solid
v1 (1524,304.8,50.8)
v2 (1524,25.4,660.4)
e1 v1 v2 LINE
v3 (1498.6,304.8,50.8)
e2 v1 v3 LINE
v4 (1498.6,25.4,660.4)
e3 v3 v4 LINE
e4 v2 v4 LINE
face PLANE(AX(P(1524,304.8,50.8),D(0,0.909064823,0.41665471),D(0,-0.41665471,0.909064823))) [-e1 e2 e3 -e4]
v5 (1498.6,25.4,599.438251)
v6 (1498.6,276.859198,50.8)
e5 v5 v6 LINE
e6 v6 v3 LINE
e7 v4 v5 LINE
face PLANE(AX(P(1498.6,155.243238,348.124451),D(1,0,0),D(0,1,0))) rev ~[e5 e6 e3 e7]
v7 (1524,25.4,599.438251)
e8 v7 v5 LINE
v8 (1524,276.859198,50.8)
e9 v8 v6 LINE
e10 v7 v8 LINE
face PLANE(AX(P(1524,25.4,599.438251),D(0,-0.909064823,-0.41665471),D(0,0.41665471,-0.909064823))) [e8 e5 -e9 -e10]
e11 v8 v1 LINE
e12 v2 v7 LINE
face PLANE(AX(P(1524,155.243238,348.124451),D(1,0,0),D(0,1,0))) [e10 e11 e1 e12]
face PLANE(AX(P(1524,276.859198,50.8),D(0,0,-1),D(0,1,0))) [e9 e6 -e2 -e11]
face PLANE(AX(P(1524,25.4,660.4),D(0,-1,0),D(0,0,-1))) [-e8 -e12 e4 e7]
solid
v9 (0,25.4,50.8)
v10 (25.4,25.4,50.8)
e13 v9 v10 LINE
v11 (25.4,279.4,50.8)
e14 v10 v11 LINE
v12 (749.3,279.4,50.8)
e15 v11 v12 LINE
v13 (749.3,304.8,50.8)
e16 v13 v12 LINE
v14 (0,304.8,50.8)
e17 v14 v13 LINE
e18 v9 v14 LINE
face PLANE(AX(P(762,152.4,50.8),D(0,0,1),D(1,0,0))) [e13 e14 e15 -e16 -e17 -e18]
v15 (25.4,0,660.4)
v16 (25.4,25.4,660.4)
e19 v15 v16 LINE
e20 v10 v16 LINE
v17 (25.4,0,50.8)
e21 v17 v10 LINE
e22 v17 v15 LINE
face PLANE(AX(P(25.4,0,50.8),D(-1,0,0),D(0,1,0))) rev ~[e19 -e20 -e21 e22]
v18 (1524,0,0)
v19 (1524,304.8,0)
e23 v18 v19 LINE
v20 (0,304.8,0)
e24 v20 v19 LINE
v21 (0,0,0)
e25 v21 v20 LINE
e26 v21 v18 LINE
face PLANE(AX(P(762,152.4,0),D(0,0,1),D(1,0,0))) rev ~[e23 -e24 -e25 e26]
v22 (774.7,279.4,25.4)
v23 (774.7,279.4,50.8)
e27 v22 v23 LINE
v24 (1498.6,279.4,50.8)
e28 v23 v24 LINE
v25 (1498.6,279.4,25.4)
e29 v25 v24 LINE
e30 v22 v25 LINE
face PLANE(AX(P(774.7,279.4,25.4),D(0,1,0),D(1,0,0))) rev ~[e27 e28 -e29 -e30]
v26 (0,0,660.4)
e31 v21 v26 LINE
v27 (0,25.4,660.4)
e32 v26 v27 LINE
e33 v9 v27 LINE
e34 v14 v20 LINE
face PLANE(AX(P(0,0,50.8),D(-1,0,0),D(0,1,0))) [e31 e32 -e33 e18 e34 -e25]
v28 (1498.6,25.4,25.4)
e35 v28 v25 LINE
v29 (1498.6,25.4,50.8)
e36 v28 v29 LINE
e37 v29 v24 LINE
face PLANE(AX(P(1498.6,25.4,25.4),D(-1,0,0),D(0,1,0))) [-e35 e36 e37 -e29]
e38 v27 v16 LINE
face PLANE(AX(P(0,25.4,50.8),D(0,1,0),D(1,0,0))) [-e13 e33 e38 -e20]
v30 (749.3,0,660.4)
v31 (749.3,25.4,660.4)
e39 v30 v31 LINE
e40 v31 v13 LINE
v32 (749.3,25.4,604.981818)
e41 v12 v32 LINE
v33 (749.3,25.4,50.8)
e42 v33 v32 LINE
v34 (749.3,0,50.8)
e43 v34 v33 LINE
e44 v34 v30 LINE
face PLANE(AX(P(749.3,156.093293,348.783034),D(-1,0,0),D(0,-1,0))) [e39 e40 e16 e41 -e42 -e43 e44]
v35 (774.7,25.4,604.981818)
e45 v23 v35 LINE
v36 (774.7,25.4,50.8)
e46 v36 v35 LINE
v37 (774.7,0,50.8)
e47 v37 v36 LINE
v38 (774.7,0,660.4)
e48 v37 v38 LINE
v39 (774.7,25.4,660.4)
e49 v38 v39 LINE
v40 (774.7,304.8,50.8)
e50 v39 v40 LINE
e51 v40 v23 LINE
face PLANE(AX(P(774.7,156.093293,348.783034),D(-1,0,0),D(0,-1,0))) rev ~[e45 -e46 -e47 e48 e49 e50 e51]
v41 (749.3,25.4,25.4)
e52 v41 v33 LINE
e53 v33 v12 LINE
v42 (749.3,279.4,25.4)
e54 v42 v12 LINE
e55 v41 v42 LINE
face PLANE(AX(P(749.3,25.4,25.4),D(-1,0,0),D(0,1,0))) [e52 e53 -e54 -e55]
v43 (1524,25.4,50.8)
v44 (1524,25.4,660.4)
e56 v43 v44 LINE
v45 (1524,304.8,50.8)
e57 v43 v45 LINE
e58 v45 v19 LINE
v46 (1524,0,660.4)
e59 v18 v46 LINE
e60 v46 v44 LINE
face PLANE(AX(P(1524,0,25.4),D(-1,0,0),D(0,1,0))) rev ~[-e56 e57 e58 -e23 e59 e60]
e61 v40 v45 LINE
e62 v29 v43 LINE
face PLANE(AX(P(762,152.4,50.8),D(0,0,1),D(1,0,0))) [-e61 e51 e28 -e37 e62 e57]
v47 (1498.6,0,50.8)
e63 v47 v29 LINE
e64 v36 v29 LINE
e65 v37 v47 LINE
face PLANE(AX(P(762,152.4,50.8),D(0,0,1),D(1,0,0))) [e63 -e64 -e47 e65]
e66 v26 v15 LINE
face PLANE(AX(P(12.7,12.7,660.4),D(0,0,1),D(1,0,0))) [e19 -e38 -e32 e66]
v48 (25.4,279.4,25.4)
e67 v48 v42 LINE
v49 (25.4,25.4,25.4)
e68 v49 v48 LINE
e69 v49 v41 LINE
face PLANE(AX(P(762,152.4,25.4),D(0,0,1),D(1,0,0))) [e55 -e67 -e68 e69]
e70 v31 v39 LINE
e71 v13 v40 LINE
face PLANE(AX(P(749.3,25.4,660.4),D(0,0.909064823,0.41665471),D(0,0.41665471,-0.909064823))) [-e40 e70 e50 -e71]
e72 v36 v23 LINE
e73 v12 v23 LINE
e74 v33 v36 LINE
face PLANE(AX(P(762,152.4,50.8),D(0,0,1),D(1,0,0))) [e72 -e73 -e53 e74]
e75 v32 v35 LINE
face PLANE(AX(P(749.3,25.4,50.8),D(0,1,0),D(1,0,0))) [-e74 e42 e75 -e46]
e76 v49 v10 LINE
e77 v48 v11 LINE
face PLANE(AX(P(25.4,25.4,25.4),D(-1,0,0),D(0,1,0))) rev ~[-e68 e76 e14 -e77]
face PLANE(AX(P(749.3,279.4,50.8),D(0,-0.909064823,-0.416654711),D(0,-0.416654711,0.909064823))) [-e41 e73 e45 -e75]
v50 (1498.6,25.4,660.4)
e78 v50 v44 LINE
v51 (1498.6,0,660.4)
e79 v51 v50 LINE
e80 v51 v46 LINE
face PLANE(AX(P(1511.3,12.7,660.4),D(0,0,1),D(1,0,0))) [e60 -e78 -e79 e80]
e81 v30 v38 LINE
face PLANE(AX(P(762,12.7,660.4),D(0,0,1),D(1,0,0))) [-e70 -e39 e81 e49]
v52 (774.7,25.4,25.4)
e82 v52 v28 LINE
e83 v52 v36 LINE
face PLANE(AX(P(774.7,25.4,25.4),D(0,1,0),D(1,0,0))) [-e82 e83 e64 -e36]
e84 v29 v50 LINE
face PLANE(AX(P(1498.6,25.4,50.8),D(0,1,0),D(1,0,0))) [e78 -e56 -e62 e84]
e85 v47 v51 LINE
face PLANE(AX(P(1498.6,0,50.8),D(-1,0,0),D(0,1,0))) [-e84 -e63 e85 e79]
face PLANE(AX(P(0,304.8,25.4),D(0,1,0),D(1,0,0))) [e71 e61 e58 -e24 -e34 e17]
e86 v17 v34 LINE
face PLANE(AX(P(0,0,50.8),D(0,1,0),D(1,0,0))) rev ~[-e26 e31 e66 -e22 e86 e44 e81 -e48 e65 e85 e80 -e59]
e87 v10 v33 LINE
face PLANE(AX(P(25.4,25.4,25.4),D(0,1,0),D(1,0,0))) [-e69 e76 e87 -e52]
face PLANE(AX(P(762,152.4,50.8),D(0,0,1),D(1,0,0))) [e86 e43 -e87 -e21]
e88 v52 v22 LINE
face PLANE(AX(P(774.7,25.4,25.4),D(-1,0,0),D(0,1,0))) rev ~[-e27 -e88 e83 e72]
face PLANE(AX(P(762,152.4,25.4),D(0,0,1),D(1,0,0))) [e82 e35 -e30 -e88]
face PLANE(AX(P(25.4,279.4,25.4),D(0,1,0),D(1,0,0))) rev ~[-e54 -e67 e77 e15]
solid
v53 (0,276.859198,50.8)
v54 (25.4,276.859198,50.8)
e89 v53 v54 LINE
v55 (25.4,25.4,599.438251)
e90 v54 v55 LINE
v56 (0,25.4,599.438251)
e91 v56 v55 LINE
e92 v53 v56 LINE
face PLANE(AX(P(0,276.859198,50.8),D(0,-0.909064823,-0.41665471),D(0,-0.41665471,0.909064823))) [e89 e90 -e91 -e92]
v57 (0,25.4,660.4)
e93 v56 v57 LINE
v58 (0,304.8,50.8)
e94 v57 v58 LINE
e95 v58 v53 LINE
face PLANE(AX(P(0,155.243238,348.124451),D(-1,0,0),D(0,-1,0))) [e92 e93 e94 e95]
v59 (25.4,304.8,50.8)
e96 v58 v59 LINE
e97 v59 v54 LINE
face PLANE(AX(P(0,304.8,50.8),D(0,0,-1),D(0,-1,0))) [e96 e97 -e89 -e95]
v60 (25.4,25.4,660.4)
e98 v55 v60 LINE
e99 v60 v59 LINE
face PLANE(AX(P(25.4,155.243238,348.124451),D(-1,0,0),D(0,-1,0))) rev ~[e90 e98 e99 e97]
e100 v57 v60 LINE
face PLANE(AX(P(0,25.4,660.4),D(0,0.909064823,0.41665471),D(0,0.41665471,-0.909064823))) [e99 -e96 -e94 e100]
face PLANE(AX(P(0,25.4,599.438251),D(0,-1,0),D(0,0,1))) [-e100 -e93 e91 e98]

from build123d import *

# Parameters (mm, degrees)
F0_W      = 1524
F0_H      = 304.8
F1_DEPTH  = 25.4
F2_W      = 1524
F2_H      = 304.8
F2_W_2    = 723.9
F2_H_2    = 254
F3_DEPTH  = 25.4
F4_W      = 25.4
F4_H      = 25.4
F5_DEPTH  = 609.6
F7_DEPTH  = 25.4
F9_DEPTH  = 25.4
F11_DEPTH = 25.4


with BuildPart() as f1:
    # F0 (on Top) → F1 (new body)
    with BuildSketch(Plane.XY):
        with Locations((762, 152.4)):
            Rectangle(F0_W, F0_H)
    extrude(amount=F1_DEPTH)

    # F2 (on face) → F3 (join)
    with BuildSketch(Plane.XY.offset(25.4)):
        with Locations((762, 152.4)):
            Rectangle(F2_W, F2_H)
        with Locations((387.35, 152.4)):
            Rectangle(F2_W_2, F2_H_2, mode=Mode.SUBTRACT)
        with Locations((1136.65, 152.4)):
            Rectangle(F2_W_2, F2_H_2, mode=Mode.SUBTRACT)
    extrude(amount=F3_DEPTH)

    # F4 (on face) → F5 (join)
    with BuildSketch(Plane.XY.offset(50.8)):
        with Locations((12.7, 12.7)):
            Rectangle(F4_W, F4_H)
        with Locations((762, 12.7)):
            Rectangle(F4_W, F4_H)
        with Locations((1511.3, 12.7)):
            Rectangle(F4_W, F4_H)
    extrude(amount=F5_DEPTH)

    # F8 (on face) → F9 (join)
    with BuildSketch(Plane(origin=(749.3, 0, 0), x_dir=(0, -1, 0), z_dir=(-1, 0, 0))):
        Polygon((-25.4, 604.981818), (-25.4, 660.4), (-304.8, 50.8), (-279.4, 50.8), align=None)
    extrude(amount=-F9_DEPTH)


with BuildPart() as f7:
    # F6 (on face) → F7 (new body)
    with BuildSketch(Plane(origin=(0, 0, 0), x_dir=(0, -1, 0), z_dir=(-1, 0, 0))):
        Polygon((-25.4, 599.438251), (-25.4, 660.4), (-304.8, 50.8), (-276.859198, 50.8), align=None)
    extrude(amount=-F7_DEPTH)


with BuildPart() as f11:
    # F10 (on face) → F11 (new body)
    with BuildSketch(Plane.YZ.offset(1524)):
        Polygon((276.859198, 50.8), (304.8, 50.8), (25.4, 660.4), (25.4, 599.438251), align=None)
    extrude(amount=-F11_DEPTH)


solid = Compound([f1.part, f7.part, f11.part])
